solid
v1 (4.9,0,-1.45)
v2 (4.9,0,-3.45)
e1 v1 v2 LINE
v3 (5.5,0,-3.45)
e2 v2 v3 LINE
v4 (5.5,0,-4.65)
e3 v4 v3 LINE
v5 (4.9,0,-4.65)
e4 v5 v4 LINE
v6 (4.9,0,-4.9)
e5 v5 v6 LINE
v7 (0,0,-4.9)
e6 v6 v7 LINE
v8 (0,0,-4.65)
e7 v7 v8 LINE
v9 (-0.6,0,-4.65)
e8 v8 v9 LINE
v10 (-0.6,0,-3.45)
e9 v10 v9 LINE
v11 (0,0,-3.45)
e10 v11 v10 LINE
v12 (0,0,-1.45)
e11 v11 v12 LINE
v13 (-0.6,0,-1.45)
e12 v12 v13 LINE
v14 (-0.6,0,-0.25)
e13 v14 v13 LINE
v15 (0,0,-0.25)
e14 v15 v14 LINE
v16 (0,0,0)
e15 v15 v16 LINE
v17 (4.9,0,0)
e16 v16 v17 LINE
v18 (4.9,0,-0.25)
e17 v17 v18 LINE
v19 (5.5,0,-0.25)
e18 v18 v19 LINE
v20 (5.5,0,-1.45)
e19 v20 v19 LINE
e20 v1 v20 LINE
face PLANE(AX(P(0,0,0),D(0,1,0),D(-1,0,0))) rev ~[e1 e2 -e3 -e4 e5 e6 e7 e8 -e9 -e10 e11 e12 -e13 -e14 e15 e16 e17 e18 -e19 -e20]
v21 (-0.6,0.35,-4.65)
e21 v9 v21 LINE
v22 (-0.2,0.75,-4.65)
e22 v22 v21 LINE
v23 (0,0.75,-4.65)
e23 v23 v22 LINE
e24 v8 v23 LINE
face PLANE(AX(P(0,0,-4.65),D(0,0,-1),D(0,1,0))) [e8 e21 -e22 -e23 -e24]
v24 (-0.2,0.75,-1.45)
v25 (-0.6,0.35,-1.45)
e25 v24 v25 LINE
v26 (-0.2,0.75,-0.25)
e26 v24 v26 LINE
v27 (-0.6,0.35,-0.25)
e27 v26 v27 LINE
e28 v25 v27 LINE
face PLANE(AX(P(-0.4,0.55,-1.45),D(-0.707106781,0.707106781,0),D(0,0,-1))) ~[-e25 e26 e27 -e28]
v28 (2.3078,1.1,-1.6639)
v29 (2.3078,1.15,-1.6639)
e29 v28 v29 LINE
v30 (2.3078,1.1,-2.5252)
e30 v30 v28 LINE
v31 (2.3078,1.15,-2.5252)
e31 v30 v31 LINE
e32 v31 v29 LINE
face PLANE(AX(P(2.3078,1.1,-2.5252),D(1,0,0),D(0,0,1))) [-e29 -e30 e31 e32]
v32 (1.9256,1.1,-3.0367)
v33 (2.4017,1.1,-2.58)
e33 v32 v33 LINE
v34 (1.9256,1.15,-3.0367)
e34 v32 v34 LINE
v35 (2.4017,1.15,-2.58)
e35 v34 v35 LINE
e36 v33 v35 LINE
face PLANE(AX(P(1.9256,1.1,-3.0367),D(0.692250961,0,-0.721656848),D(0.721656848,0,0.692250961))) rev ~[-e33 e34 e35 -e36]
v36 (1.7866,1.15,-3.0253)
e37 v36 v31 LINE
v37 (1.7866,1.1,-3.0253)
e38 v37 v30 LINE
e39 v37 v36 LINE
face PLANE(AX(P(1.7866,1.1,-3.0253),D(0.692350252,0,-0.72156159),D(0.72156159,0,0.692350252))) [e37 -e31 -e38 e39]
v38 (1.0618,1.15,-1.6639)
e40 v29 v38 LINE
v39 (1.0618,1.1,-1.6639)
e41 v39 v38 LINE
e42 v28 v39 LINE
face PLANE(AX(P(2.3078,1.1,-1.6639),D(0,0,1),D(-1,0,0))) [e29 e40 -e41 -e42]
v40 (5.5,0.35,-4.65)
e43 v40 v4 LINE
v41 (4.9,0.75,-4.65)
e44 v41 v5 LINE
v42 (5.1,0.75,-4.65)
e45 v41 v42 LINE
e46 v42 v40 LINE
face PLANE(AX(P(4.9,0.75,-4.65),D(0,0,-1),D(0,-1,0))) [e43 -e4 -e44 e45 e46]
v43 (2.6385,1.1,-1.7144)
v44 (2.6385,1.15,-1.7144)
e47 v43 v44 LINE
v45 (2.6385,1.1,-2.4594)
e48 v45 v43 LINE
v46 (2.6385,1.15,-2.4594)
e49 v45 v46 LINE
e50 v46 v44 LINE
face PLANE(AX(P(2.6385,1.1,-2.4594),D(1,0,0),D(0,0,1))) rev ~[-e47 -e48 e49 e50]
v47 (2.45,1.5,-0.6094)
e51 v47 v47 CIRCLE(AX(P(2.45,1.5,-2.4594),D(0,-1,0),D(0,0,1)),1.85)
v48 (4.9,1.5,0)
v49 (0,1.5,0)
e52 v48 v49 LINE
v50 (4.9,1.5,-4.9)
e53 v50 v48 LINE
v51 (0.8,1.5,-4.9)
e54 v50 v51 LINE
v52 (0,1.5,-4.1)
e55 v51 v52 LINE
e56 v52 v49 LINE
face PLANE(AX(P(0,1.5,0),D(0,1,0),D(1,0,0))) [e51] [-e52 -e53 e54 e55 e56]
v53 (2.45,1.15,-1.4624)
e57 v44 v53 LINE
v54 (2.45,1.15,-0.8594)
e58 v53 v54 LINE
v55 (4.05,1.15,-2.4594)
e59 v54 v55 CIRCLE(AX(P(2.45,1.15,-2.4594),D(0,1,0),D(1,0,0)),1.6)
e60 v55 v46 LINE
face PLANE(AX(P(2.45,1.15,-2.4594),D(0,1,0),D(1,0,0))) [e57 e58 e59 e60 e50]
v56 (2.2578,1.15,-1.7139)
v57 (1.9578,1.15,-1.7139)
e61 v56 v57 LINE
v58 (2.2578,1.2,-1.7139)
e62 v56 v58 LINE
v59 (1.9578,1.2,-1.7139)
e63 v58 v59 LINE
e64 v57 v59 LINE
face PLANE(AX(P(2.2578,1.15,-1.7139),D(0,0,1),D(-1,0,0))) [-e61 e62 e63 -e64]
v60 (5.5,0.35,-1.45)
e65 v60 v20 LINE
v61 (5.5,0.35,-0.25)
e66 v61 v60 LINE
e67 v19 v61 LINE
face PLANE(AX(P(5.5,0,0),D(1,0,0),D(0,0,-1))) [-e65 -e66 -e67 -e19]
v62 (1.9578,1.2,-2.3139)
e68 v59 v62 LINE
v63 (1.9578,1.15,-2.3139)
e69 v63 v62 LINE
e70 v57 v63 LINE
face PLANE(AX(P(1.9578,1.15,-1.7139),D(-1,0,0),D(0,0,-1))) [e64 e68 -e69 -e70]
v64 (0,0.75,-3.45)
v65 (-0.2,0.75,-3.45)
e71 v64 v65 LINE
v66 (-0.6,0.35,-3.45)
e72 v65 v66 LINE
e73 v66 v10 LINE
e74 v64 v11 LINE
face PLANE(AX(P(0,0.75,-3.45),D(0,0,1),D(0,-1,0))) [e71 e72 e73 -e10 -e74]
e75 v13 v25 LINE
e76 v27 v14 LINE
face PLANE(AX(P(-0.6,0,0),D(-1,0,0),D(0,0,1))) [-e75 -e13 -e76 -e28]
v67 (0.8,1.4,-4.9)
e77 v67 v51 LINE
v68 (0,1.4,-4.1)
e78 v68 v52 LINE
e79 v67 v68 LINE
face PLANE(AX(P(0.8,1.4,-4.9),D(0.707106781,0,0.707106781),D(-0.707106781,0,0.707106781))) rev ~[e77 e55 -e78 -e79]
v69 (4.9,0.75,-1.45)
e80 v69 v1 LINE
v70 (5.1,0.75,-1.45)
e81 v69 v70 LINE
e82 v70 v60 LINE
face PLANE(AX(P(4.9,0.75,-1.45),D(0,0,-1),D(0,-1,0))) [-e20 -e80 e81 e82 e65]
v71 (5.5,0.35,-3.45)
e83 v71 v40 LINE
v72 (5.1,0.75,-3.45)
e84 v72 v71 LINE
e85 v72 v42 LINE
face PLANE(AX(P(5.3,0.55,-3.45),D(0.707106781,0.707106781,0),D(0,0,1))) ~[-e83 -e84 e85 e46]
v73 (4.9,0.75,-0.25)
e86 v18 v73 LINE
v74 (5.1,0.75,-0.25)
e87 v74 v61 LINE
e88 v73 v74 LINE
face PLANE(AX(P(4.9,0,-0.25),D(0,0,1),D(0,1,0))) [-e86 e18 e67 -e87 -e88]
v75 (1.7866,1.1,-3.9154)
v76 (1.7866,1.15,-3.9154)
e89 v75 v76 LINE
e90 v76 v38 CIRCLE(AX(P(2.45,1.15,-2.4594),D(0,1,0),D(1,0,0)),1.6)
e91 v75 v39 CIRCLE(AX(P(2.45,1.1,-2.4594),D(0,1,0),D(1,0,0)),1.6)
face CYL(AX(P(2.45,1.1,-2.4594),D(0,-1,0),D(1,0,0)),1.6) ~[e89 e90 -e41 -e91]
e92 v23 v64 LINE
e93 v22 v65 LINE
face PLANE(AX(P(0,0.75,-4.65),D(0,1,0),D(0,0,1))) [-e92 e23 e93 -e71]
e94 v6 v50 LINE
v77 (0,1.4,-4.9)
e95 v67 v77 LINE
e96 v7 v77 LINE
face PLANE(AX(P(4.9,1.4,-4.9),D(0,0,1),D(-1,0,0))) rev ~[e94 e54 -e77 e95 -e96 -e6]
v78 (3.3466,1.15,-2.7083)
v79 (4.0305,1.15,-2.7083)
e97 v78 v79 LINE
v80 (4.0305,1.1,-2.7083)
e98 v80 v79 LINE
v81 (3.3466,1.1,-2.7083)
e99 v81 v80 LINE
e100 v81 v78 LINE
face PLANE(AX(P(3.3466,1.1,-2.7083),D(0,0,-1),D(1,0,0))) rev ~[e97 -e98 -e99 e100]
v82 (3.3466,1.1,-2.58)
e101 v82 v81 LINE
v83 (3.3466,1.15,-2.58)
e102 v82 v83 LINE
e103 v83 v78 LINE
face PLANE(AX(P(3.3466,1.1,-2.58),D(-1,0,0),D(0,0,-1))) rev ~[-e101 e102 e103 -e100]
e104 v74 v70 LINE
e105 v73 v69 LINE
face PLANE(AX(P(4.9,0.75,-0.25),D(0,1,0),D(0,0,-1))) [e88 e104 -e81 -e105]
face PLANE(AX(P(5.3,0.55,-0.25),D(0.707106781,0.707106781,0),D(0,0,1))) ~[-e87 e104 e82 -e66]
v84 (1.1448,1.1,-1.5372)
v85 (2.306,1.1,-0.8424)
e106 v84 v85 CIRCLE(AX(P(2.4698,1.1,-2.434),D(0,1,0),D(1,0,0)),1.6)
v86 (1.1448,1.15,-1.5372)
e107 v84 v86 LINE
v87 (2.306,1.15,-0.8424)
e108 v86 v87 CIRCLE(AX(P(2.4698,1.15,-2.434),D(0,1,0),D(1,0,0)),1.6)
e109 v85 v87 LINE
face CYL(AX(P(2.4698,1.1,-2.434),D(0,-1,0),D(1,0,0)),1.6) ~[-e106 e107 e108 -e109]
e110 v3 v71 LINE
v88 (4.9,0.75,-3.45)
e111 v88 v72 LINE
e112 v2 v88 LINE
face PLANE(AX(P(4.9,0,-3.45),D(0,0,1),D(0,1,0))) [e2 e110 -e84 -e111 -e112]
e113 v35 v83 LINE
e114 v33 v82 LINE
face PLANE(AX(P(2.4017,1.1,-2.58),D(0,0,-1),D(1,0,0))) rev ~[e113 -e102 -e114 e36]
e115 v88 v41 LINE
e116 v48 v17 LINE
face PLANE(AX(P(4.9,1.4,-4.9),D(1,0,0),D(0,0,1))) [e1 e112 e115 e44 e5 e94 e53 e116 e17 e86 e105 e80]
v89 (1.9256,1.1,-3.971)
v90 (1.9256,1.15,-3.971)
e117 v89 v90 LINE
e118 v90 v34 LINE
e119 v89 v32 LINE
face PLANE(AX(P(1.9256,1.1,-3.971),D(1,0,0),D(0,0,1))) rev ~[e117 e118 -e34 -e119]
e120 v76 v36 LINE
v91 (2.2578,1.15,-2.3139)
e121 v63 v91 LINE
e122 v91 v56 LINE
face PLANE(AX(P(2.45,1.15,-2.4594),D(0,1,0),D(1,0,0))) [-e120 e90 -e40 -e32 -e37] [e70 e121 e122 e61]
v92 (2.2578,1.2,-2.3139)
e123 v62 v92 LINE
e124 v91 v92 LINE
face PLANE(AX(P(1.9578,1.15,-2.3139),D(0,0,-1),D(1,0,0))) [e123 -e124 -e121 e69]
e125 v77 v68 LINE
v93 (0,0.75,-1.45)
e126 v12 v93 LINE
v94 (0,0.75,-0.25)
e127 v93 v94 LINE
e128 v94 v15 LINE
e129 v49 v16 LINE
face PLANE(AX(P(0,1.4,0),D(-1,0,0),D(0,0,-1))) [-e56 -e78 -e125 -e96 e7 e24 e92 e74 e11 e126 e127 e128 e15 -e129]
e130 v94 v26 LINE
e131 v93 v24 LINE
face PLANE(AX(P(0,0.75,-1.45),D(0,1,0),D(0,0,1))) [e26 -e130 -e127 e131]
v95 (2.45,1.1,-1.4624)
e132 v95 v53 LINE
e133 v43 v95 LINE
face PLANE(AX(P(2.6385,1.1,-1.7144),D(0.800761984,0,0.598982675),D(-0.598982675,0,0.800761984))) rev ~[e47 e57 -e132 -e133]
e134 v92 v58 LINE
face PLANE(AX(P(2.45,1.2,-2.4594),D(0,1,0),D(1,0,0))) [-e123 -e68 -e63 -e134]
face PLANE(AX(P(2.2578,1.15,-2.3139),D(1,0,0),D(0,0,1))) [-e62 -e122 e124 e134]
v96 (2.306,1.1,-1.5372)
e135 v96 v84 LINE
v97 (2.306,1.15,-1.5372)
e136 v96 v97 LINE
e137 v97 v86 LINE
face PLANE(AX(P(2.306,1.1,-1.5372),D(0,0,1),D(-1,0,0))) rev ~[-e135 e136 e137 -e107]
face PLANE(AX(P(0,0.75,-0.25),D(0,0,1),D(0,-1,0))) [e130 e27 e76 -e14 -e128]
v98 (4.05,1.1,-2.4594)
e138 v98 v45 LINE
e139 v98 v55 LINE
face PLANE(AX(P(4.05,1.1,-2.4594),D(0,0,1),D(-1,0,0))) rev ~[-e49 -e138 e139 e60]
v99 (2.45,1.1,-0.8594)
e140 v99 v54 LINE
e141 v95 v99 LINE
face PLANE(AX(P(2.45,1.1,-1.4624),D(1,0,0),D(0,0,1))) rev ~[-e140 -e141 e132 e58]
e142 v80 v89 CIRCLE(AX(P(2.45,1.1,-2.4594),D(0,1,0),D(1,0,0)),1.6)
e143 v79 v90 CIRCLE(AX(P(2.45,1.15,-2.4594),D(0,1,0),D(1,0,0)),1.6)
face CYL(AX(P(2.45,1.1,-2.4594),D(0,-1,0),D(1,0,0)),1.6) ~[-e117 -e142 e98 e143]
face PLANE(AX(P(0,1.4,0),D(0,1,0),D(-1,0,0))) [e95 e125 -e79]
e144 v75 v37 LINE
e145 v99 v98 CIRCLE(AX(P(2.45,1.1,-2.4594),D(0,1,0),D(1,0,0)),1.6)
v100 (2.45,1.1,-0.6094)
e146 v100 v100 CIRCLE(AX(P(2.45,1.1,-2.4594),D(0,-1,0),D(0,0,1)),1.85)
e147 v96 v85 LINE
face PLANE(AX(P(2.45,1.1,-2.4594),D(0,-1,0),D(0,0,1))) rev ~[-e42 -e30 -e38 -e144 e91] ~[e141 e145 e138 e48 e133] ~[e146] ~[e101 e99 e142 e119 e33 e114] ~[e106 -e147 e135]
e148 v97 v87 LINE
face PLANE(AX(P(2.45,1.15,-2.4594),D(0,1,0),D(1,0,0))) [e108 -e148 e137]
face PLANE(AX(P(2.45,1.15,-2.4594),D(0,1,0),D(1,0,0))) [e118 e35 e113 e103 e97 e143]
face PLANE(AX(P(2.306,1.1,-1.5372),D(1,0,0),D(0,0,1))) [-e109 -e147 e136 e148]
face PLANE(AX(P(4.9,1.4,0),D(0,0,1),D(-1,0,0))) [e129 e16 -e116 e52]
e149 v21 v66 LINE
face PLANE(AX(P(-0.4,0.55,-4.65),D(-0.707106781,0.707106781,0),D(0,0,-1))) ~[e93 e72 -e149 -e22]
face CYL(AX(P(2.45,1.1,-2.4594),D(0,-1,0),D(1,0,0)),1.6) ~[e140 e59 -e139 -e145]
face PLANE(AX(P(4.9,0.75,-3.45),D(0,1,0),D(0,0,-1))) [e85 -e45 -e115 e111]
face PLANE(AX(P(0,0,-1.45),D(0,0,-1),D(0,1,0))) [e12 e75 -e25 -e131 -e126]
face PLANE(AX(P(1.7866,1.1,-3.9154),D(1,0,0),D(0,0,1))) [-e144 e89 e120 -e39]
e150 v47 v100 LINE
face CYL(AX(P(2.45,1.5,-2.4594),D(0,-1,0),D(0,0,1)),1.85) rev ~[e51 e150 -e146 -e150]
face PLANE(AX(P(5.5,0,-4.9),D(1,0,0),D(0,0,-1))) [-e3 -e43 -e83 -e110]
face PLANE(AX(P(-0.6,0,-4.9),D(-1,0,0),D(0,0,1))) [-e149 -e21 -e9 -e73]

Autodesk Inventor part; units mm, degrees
ref_plane "YZ Plane" through (0, 0, 0) normal (1, 0, 0) x (0, 1, 0)
ref_plane "XZ Plane" through (0, 0, 0) normal (0, 1, 0) x (-1, 0, 0)
ref_plane "XY Plane" through (0, 0, 0) normal (0, 0, 1) x (1, 0, 0)
sketch "Esquisse1" plane through (0, 0, 0) normal (0, 1, 0) x (-1, 0, 0)
  line L0 (0, 0) -> (-4.9, 0)
  line L1 (-4.9, 0) -> (-4.9, -4.9)
  line L2 (-4.9, -4.9) -> (0, -4.9)
  line L3 (0, -4.9) -> (0, 0)
  dimension "d0" = 4.9
extrude "Extrusion1" add sketch "Esquisse1" along normal blind 1.4
sketch "Esquisse2" plane through (0, 0, -4.9) normal (-1, 0, 0) x (0, 0, 1)
  line L0 (0.25, 0.75) -> (1.45, 0.75)
  line L1 (1.45, 0.75) -> (1.45, 0)
  line L2 (1.45, 0) -> (0.25, 0)
  line L3 (0.25, 0) -> (0.25, 0.75)
  line L4 (0, 0) -> (0, 1.4) projected
  line L5 (0, 0) -> (4.9, 0) projected
  dimension "d4" = 1.2
  dimension "d5" = 0.75
  dimension "d8" = 0.25
  dimension "d9" = 0
extrude "Extrusion2" add sketch "Esquisse2" along normal blind 0.6
chamfer "Chanfrein1" distance 0.4 angle 45 1 edges at (-0.6, 0.75, -4.05)
sketch "Esquisse3" plane through (0, 0, 0) normal (-1, 0, 0) x (0, 0, 1)
  line L0 (-1.45, 0.75) -> (-0.25, 0.75)
  line L1 (-0.25, 0.75) -> (-0.25, 0)
  line L2 (-0.25, 0) -> (-1.45, 0)
  line L3 (-1.45, 0) -> (-1.45, 0.75)
  line L4 (-3.45, 0) -> (0, 0) projected
  line L5 (0, 0) -> (0, 1.4) projected
  dimension "d15" = 0
  dimension "d16" = 0.75
  dimension "d17" = 1.2
  dimension "d18" = 0.25
extrude "Extrusion3" add sketch "Esquisse3" along normal blind 0.6
chamfer "Chanfrein2" distance 0.4 angle 45 1 edges at (-0.6, 0.75, -0.85)
sketch "Esquisse4" plane through (4.9, 0, 0) normal (1, 0, 0) x (0, 0, -1)
  line L0 (0.25, 0.75) -> (1.45, 0.75)
  line L1 (1.45, 0.75) -> (1.45, 0)
  line L2 (1.45, 0) -> (0.25, 0)
  line L3 (0.25, 0) -> (0.25, 0.75)
  point P0 (0, 0)
  dimension "d24" = 0.75
  dimension "d25" = 1.2
  dimension "d26" = 0
  dimension "d27" = 0.25
extrude "Extrusion4" add sketch "Esquisse4" along normal blind 0.6
chamfer "Chanfrein3" distance 0.4 angle 45 1 edges at (5.5, 0.75, -0.85)
sketch "Esquisse5" plane through (4.9, 0, -4.9) normal (1, 0, 0) x (0, 0, -1)
  line L0 (-1.45, 0.75) -> (-0.25, 0.75)
  line L1 (-0.25, 0.75) -> (-0.25, 0)
  line L2 (-0.25, 0) -> (-1.45, 0)
  line L3 (-1.45, 0) -> (-1.45, 0.75)
  line L4 (-3.45, 0) -> (0, 0) projected
  line L5 (0, 0) -> (0, 1.4) projected
  point P0 (-4.9, 0)
  dimension "d33" = 1.2
  dimension "d34" = 0.75
  dimension "d35" = 0
  dimension "d36" = 0.25
extrude "Extrusion5" add sketch "Esquisse5" along normal blind 0.6
chamfer "Chanfrein4" distance 0.4 angle 45 1 edges at (5.5, 0.75, -4.05)
sketch "Esquisse8" plane through (0, 1.4, 0) normal (0, 1, 0) x (1, 0, 0)
  line L0 (4.9, 4.9) -> (0, 4.9) projected
  line L1 (0.8, 4.9) -> (4.9, 4.9)
  line L2 (4.9, 4.9) -> (4.9, 0)
  line L3 (4.9, 0) -> (0, 0)
  line L4 (0, 0) -> (0, 4.1)
  line L5 (0, 4.65) -> (0, 3.45) projected
  line L6 (0.8, 4.9) -> (0, 4.1)
  dimension "d44" = 0.8
  dimension "d45" = 0.8
extrude "Extrusion6" add sketch "Esquisse8" along normal blind 0.1
sketch "Esquisse9" plane through (0, 1.5, 0) normal (0, 1, 0) x (1, 0, 0)
  line L0 (4.9, 0) -> (4.9, 4.9) projected
  line L1 (4.9, 4.9) -> (0, 0) construction
  line L2 (4.9, 0) -> (0, 4.9187) construction
  circle A0 centre (2.45, 2.4594) radius 1.85
  dimension "d48" = 3.7
hole "Perçage1" at (2.45, 1.5, -2.4594) direction (0, -1, 0) diameter 3.7 depth 0.4
sketch "Esquisse10" plane through (2.45, 1.1, -2.4594) normal (0, 1, 0) x (1, 0, 0)
  circle A0 centre (0, 0) radius 1.6
  line L0 (1.6, 0) -> (0.1885, 0)
  line L1 (0.1885, 0) -> (0.1885, -0.745)
  line L2 (0.1885, -0.745) -> (0, -0.997)
  line L3 (0, -0.997) -> (0, -1.6)
  point P0 (-2.45, -2.4594)
  dimension "d56" = 3.2
extrude "Extrusion7" add sketch "Esquisse10" along normal blind 0.05 contours A0 L3 L2 L1 L0 picked at (0.6062, -0.4797)
sketch "Esquisse11" plane through (2.45, 1.1, -2.4594) normal (0, 1, 0) x (1, 0, 0)
  circle A0 centre (0, 0) radius 1.6
  line L0 (-0.5244, 1.5116) -> (-0.5244, 0.5773)
  line L1 (-0.5244, 0.5773) -> (-0.0483, 0.1206)
  line L2 (-0.0483, 0.1206) -> (0.8966, 0.1206)
  line L3 (0.8966, 0.1206) -> (0.8966, 0.2489)
  line L4 (0.8966, 0.2489) -> (1.5805, 0.2489)
  point P0 (-2.45, -2.4594)
  dimension "d59" = 3.2
extrude "Extrusion8" add sketch "Esquisse11" along normal blind 0.05 contours L4 L3 L2 L1 L0 A0 picked at (0.498, 0.6111)
sketch "Esquisse12" plane through (2.45, 1.1, -2.4594) normal (0, 1, 0) x (1, 0, 0)
  circle A0 centre (0, 0) radius 1.6
  line L0 (-0.6634, 1.456) -> (-0.6634, 0.5659)
  line L1 (-0.6634, 0.5659) -> (-0.1422, 0.0658)
  line L2 (-0.1422, 0.0658) -> (-0.1422, -0.7955)
  line L3 (-0.1422, -0.7955) -> (-1.3882, -0.7955)
  line L4 (-0.5244, 0.5773) -> (-0.0483, 0.1206) projected
  point P0 (-2.45, -2.4594)
extrude "Extrusion9" add sketch "Esquisse12" along normal blind 0.05 contours L0 L1 L2 L3 A0 picked at (-0.5575, -0.5084)
sketch "Esquisse13" plane through (2.45, 1.1, -2.4594) normal (0, 1, 0) x (1, 0, 0)
  circle A0 centre (0.0198, -0.0254) radius 1.6
  line L0 (-0.144, -0.9222) -> (-1.3052, -0.9222)
  line L1 (-0.144, -0.9222) -> (-0.144, -1.617)
  line L2 (-1.3882, -0.7955) -> (-0.1422, -0.7955) projected
  point P0 (-2.45, -2.4594)
extrude "Extrusion10" add sketch "Esquisse13" along normal blind 0.05 contours L0 L1 A0 picked at (-0.8429, -1.0108)
sketch "Esquisse14" plane through (2.45, 1.15, -2.4594) normal (0, 1, 0) x (1, 0, 0)
  line L0 (-0.1922, -0.7455) -> (-0.4922, -0.7455)
  line L1 (-0.4922, -0.7455) -> (-0.4922, -0.1455)
  line L2 (-0.4922, -0.1455) -> (-0.1922, -0.1455)
  line L3 (-0.1922, -0.1455) -> (-0.1922, -0.7455)
  line L4 (-1.3882, -0.7955) -> (-0.1422, -0.7955) projected
  line L5 (-0.1422, 0.0658) -> (-0.1422, -0.7955) projected
  point P0 (-2.45, -2.4594)
  dimension "d66" = 0.3
  dimension "d67" = 0.6
  dimension "d68" = 0.05
  dimension "d69" = 0.05
extrude "Extrusion11" add sketch "Esquisse14" along normal blind 0.05
properties part number "Nes_Led"
